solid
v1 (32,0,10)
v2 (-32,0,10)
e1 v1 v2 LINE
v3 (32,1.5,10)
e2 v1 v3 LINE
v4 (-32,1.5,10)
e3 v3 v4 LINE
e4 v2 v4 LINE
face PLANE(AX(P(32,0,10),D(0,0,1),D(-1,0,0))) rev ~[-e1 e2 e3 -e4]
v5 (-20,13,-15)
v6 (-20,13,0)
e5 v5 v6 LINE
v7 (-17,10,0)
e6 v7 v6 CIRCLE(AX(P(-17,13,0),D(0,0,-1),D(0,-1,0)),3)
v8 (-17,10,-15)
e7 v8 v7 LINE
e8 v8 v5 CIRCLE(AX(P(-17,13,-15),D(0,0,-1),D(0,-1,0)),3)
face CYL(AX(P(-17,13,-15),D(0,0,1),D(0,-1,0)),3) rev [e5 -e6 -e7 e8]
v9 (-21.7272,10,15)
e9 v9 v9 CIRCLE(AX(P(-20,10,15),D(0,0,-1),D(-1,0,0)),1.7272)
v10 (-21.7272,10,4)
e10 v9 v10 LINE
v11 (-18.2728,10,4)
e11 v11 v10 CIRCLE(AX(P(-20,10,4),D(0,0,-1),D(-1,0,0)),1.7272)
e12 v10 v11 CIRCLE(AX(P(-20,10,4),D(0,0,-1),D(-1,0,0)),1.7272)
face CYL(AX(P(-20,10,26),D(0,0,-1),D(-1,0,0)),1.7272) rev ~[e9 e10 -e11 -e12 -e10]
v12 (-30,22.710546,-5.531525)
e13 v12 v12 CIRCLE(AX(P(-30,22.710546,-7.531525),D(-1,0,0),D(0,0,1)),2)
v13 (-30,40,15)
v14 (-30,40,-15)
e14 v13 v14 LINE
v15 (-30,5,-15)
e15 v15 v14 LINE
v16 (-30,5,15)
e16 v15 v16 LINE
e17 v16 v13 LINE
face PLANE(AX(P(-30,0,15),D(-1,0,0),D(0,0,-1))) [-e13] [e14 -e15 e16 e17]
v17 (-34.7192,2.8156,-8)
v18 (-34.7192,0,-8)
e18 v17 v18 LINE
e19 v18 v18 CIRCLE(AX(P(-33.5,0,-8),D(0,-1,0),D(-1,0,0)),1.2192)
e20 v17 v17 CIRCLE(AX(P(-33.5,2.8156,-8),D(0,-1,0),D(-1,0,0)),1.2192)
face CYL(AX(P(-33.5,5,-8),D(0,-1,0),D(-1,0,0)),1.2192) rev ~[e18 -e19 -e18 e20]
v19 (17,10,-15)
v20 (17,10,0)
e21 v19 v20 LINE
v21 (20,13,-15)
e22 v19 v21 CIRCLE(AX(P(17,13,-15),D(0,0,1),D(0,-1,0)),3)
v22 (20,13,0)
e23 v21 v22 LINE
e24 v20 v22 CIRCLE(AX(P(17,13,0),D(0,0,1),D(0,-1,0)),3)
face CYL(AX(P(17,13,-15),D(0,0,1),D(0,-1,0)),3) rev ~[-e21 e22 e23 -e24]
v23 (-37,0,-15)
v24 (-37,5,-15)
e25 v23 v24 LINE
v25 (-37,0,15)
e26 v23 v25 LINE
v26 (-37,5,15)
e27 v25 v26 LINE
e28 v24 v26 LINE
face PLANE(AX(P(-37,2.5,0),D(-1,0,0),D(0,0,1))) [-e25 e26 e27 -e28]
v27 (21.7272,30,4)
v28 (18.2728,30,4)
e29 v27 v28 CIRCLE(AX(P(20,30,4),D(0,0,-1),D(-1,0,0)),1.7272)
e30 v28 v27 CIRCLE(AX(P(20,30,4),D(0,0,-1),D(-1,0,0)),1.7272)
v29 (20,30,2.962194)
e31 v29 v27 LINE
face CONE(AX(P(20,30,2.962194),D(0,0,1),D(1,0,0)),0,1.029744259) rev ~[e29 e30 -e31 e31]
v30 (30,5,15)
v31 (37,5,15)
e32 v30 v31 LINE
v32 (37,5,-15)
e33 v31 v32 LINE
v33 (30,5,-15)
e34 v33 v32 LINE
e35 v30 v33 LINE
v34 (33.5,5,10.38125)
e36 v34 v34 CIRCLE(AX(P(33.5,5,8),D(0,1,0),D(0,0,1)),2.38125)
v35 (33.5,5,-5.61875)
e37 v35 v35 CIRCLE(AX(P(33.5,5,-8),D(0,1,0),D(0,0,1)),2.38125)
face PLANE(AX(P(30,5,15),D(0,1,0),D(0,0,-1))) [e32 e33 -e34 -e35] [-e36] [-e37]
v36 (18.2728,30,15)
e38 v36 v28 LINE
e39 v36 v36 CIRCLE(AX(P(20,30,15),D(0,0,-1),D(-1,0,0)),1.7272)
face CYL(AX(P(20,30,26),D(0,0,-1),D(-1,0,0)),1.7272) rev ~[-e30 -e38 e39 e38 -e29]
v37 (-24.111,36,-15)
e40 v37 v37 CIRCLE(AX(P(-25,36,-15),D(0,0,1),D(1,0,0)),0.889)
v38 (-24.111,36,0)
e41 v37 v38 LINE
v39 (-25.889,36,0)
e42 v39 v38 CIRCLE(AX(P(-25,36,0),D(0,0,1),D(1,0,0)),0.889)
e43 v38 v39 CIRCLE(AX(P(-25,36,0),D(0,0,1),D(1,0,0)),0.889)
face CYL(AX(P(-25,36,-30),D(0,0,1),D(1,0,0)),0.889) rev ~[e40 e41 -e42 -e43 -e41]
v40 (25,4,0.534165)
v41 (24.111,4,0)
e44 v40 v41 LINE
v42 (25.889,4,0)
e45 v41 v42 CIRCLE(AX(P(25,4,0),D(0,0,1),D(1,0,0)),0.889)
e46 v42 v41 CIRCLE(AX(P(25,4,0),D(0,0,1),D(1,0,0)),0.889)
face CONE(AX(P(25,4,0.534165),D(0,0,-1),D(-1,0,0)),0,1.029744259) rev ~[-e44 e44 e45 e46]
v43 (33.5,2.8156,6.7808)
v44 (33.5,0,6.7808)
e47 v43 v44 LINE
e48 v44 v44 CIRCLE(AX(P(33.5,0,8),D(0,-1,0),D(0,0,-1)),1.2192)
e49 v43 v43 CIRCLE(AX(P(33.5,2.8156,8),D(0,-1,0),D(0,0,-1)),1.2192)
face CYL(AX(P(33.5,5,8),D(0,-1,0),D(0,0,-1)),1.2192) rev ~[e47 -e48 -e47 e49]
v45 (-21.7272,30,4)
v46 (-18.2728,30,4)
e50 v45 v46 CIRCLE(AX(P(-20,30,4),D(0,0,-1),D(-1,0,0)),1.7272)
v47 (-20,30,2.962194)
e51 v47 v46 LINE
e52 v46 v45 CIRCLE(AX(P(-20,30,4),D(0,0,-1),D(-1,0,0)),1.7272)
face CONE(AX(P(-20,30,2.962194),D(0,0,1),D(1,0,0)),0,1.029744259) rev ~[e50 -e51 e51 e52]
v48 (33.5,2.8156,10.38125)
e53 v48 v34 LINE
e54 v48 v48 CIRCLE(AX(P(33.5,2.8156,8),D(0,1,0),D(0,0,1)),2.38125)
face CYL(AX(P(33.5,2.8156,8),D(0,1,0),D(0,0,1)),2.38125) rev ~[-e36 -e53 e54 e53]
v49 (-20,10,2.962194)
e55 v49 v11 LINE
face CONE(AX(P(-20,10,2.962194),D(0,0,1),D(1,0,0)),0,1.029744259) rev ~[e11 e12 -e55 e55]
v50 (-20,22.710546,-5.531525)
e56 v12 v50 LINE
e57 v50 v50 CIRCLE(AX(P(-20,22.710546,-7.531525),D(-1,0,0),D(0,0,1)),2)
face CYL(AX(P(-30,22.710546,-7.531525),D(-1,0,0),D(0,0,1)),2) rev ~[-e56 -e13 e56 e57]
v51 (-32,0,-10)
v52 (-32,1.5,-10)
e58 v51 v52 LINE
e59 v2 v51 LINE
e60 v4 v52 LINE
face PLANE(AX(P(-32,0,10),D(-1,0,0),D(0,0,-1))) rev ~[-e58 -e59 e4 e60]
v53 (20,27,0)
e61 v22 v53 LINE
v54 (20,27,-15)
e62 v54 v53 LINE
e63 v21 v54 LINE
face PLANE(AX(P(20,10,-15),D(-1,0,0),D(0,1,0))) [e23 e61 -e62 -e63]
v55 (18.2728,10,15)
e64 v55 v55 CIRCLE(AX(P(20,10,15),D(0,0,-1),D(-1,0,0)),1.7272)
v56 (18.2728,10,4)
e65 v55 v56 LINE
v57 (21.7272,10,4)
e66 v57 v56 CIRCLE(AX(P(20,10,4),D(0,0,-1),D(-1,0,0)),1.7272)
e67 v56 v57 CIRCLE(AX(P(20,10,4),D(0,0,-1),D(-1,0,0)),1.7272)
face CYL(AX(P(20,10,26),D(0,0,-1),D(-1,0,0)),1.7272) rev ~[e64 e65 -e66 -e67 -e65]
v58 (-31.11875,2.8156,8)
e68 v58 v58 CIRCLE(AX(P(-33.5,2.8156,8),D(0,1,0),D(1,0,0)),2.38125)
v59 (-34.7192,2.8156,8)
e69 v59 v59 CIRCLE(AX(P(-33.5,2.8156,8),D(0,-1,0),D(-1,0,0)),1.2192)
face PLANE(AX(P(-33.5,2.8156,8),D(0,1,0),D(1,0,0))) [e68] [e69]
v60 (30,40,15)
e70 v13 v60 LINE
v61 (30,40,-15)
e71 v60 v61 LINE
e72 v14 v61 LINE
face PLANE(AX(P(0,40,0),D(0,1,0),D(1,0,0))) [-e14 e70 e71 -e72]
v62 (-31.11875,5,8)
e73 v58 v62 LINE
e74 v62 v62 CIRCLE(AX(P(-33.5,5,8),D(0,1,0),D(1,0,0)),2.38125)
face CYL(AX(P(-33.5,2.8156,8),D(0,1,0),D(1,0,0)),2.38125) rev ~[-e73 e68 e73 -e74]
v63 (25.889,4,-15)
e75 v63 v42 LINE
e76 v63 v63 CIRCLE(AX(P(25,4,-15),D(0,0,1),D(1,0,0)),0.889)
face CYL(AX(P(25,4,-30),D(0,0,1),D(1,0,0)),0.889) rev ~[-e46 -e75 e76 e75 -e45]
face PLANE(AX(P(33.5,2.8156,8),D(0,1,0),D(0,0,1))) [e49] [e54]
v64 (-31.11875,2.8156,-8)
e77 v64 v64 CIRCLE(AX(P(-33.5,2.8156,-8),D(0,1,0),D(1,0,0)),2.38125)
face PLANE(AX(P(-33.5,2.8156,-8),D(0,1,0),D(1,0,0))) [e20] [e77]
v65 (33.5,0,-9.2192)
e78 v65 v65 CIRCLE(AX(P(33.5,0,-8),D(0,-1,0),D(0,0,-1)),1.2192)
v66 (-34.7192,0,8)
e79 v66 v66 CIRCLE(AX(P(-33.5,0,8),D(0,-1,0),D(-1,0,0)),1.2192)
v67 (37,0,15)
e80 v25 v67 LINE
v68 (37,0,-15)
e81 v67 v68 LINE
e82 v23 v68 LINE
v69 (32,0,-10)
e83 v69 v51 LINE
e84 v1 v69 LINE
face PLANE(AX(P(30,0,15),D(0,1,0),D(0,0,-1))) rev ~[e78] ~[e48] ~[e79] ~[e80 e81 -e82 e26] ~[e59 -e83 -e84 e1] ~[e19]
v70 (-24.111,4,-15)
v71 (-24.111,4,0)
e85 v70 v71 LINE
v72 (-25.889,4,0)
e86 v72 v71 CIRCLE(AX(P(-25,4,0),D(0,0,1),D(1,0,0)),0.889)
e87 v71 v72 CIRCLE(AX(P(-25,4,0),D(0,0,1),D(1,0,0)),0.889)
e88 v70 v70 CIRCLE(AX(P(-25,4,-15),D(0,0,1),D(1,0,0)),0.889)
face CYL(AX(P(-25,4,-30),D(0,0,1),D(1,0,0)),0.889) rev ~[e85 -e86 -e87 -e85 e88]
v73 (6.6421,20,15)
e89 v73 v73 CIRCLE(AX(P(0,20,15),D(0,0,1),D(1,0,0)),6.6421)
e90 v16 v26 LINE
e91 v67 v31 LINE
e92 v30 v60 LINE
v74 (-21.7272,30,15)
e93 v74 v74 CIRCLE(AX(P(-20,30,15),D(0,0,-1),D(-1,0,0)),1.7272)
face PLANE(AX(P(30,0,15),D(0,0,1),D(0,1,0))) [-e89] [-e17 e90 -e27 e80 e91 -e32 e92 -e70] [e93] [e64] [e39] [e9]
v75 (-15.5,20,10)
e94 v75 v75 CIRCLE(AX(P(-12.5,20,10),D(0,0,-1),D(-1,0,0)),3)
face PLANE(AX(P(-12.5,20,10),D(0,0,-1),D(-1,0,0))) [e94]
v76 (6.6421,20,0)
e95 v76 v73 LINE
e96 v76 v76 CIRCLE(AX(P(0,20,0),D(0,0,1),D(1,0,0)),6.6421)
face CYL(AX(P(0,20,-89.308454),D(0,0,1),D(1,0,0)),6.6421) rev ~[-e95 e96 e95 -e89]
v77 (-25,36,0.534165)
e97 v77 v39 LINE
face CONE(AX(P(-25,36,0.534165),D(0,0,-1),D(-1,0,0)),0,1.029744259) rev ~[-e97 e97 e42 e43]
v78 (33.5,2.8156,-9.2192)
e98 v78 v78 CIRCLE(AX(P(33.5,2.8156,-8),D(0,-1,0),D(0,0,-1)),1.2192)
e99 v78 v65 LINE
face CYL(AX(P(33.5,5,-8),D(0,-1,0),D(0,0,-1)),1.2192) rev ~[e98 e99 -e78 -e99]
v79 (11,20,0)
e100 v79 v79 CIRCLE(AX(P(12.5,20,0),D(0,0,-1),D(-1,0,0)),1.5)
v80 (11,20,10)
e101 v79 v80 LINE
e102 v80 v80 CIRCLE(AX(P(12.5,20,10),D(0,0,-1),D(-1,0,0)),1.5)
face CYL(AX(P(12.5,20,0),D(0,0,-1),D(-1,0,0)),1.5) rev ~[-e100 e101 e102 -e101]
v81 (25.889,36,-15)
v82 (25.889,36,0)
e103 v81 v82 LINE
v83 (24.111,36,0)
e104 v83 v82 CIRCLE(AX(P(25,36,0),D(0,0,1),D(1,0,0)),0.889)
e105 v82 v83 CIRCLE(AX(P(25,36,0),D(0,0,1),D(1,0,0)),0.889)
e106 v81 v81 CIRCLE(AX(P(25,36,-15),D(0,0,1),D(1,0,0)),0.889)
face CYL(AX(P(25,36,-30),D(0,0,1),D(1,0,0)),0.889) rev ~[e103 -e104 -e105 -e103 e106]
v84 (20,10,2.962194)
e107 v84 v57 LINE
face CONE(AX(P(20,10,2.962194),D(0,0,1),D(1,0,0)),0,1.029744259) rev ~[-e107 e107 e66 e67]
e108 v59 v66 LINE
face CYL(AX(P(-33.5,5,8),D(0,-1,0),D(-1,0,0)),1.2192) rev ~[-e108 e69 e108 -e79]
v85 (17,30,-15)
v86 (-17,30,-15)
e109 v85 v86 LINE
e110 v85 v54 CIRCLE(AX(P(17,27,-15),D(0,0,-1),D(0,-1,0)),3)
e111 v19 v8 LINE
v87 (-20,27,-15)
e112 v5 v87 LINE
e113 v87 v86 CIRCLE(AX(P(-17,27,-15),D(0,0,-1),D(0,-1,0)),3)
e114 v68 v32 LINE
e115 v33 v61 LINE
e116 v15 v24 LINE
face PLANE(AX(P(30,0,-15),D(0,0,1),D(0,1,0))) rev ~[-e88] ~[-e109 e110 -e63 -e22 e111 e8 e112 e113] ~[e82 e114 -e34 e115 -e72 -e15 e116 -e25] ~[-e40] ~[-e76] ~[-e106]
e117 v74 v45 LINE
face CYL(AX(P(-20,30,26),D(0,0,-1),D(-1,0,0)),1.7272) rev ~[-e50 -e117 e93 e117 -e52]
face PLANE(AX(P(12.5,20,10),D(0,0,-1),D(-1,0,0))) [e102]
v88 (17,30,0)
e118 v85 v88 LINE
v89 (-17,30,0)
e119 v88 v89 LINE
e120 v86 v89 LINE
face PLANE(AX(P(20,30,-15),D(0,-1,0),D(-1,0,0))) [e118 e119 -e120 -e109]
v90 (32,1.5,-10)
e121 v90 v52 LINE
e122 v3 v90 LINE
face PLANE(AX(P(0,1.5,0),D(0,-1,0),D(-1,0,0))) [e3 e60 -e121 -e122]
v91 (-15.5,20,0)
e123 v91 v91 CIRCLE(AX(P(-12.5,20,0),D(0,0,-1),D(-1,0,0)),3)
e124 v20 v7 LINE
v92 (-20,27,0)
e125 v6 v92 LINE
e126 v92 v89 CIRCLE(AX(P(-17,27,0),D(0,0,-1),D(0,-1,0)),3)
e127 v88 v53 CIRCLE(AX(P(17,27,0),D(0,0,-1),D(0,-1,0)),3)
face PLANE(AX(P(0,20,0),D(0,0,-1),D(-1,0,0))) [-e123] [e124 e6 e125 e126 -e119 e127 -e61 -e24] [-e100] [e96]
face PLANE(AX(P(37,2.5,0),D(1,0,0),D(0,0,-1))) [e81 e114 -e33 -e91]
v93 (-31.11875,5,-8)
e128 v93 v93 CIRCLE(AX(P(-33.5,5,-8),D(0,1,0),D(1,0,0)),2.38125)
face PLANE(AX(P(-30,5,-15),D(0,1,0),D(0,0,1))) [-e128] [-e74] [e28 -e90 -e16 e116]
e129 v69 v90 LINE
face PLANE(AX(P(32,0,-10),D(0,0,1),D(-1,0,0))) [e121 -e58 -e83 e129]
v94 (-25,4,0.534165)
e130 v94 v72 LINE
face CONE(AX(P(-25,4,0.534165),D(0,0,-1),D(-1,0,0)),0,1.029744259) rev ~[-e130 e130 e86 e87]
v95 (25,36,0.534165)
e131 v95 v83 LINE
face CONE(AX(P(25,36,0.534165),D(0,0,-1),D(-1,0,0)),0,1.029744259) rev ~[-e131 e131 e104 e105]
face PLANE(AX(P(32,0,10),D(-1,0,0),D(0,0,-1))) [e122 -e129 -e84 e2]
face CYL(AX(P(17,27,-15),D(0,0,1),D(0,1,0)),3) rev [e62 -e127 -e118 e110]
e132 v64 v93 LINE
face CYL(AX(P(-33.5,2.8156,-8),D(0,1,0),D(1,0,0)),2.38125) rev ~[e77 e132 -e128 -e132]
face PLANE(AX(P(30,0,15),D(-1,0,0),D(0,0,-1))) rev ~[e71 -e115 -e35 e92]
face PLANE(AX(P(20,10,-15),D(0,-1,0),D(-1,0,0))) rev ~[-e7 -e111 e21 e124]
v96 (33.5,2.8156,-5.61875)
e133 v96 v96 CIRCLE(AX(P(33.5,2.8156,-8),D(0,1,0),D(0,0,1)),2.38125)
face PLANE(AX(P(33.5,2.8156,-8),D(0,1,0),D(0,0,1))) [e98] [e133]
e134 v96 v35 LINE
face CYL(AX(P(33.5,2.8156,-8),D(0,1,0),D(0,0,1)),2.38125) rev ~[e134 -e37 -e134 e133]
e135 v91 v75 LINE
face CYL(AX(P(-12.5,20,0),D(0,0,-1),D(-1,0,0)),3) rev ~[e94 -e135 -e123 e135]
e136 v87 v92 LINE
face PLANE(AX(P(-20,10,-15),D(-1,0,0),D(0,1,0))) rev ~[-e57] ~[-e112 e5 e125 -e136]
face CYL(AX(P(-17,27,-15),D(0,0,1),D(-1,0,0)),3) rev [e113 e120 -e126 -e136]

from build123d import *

# Parameters (mm, degrees)
SKETCH5_W                                      = 60
SKETCH5_H                                      = 30
BOSS_EXTRUDE3_DEPTH                            = 40
SKETCH7_W                                      = 40
SKETCH7_H                                      = 20
CUT_EXTRUDE1_DEPTH                             = 15
FILLET1_R                                      = 3
FILLET2_R                                      = 3
FILLET3_R                                      = 3
FILLET4_R                                      = 3
SKETCH9_W                                      = 30
SKETCH9_H                                      = 5
BOSS_EXTRUDE4_DEPTH                            = 7
SKETCH10_W                                     = 30
SKETCH10_H                                     = 5
BOSS_EXTRUDE5_DEPTH                            = 7
SKETCH12_R                                     = 2
CUT_EXTRUDE2_DEPTH                             = 10
SKETCH13_W                                     = 64
SKETCH13_H                                     = 20
CUT_EXTRUDE3_DEPTH                             = 1.5
F_2_56_TAPPED_HOLE2_D                          = 1.778
F_2_56_TAPPED_HOLE2_DEPTH                      = 15
F_2_56_TAPPED_HOLE2_TIP                        = 0.53416509
F_2_56_TAPPED_HOLE3_D                          = 1.778
F_2_56_TAPPED_HOLE3_DEPTH                      = 15
F_2_56_TAPPED_HOLE3_TIP                        = 0.53416509
CBORE_FOR_2_SOCKET_HEAD_CAP_SCREW3_D           = 2.4384
CBORE_FOR_2_SOCKET_HEAD_CAP_SCREW3_DEPTH       = 15
CBORE_FOR_2_SOCKET_HEAD_CAP_SCREW3_CBORE_D     = 4.7625
CBORE_FOR_2_SOCKET_HEAD_CAP_SCREW3_CBORE_DEPTH = 2.1844
CBORE_FOR_2_SOCKET_HEAD_CAP_SCREW3_TIP         = 0.732569267
F_8_32_TAPPED_HOLE1_D                          = 3.4544
F_8_32_TAPPED_HOLE1_DEPTH                      = 11
F_8_32_TAPPED_HOLE1_TIP                        = 1.037806461
F_0_535_40_TAPPED_HOLE1_D                      = 13.2842
SKETCH30_R                                     = 1.5
SKETCH30_R_2                                   = 3
CUT_EXTRUDE5_DEPTH                             = 10
CBORE_FOR_2_SOCKET_HEAD_CAP_SCREW4_D           = 2.4384
CBORE_FOR_2_SOCKET_HEAD_CAP_SCREW4_CBORE_D     = 4.7625
CBORE_FOR_2_SOCKET_HEAD_CAP_SCREW4_CBORE_DEPTH = 2.1844


with BuildPart() as part:
    # Sketch5 → Boss-Extrude3 (new body)
    with BuildSketch(Plane(origin=(0, 0, 0), x_dir=(1, 0, 0), z_dir=(0, 1, 0))):
        Rectangle(SKETCH5_W, SKETCH5_H)
    extrude(amount=BOSS_EXTRUDE3_DEPTH)

    # Sketch7 → Cut-Extrude1 (cut)
    with BuildSketch(Plane(origin=(0, 0, -15), x_dir=(-1, 0, 0), z_dir=(0, 0, -1))):
        with Locations((0, 20)):
            Rectangle(SKETCH7_W, SKETCH7_H)
    extrude(amount=-CUT_EXTRUDE1_DEPTH, mode=Mode.SUBTRACT)

    # Fillet1
    fillet1_edges = [part.edges().sort_by_distance(p)[0] for p in [
        (20, 10, -7.5),
    ]]
    fillet(fillet1_edges, radius=FILLET1_R)

    # Fillet2
    fillet2_edges = [part.edges().sort_by_distance(p)[0] for p in [
        (-20, 10, -7.5),
    ]]
    fillet(fillet2_edges, radius=FILLET2_R)

    # Fillet3
    fillet3_edges = [part.edges().sort_by_distance(p)[0] for p in [
        (-20, 30, -7.5),
    ]]
    fillet(fillet3_edges, radius=FILLET3_R)

    # Fillet4
    fillet4_edges = [part.edges().sort_by_distance(p)[0] for p in [
        (20, 30, -7.5),
    ]]
    fillet(fillet4_edges, radius=FILLET4_R)

    # Sketch9 → Boss-Extrude4 (add)
    with BuildSketch(Plane.ZY.offset(30)):
        with Locations((0, 2.5)):
            Rectangle(SKETCH9_W, SKETCH9_H)
    extrude(amount=BOSS_EXTRUDE4_DEPTH)

    # Sketch10 → Boss-Extrude5 (add)
    with BuildSketch(Plane(origin=(30, 0, 0), x_dir=(0, 0, -1), z_dir=(1, 0, 0))):
        with Locations((0, 2.5)):
            Rectangle(SKETCH10_W, SKETCH10_H)
    extrude(amount=BOSS_EXTRUDE5_DEPTH)

    # Sketch12 → Cut-Extrude2 (cut)
    with BuildSketch(Plane.ZY.offset(30)):
        with Locations((-7.531524718, 22.710545663)):
            Circle(SKETCH12_R)
    extrude(amount=-CUT_EXTRUDE2_DEPTH, mode=Mode.SUBTRACT)

    # Sketch13 → Cut-Extrude3 (cut)
    with BuildSketch(Plane(origin=(0, 0, 0), x_dir=(-1, 0, 0), z_dir=(0, -1, 0))):
        Rectangle(SKETCH13_W, SKETCH13_H)
    extrude(amount=-CUT_EXTRUDE3_DEPTH, mode=Mode.SUBTRACT)

    # #2-56 Tapped Hole2
    with Locations(Plane(origin=(25, 36, -15), x_dir=(-1, 0, 0), z_dir=(0, 0, -1))):
        with Locations((0, 0), (0, -32), (50, -32)):
            Hole(F_2_56_TAPPED_HOLE2_D / 2, depth=F_2_56_TAPPED_HOLE2_DEPTH)
            with Locations((0, 0, -(F_2_56_TAPPED_HOLE2_DEPTH + F_2_56_TAPPED_HOLE2_TIP / 2))):  # 118° drill point
                Cone(0, F_2_56_TAPPED_HOLE2_D / 2, F_2_56_TAPPED_HOLE2_TIP, mode=Mode.SUBTRACT)

    # #2-56 Tapped Hole3
    with Locations(Plane(origin=(-25, 36, -15), x_dir=(-1, 0, 0), z_dir=(0, 0, -1))):
        with Locations((0, 0)):
            Hole(F_2_56_TAPPED_HOLE3_D / 2, depth=F_2_56_TAPPED_HOLE3_DEPTH)
            with Locations((0, 0, -(F_2_56_TAPPED_HOLE3_DEPTH + F_2_56_TAPPED_HOLE3_TIP / 2))):  # 118° drill point
                Cone(0, F_2_56_TAPPED_HOLE3_D / 2, F_2_56_TAPPED_HOLE3_TIP, mode=Mode.SUBTRACT)

    # CBORE for #2 Socket Head Cap Screw3
    with Locations(Plane(origin=(0, 5, 0), x_dir=(1, 0, 0), z_dir=(0, 1, 0))):
        with Locations((-33.5, 8), (-33.5, -8)):
            CounterBoreHole(CBORE_FOR_2_SOCKET_HEAD_CAP_SCREW3_D / 2, CBORE_FOR_2_SOCKET_HEAD_CAP_SCREW3_CBORE_D / 2, CBORE_FOR_2_SOCKET_HEAD_CAP_SCREW3_CBORE_DEPTH, depth=CBORE_FOR_2_SOCKET_HEAD_CAP_SCREW3_DEPTH)
            with Locations((0, 0, -(CBORE_FOR_2_SOCKET_HEAD_CAP_SCREW3_DEPTH + CBORE_FOR_2_SOCKET_HEAD_CAP_SCREW3_TIP / 2))):  # 118° drill point
                Cone(0, CBORE_FOR_2_SOCKET_HEAD_CAP_SCREW3_D / 2, CBORE_FOR_2_SOCKET_HEAD_CAP_SCREW3_TIP, mode=Mode.SUBTRACT)

    # #8-32 Tapped Hole1
    with Locations(Plane.XY.offset(15)):
        with Locations((-20, 30), (-20, 10), (20, 10), (20, 30)):
            Hole(F_8_32_TAPPED_HOLE1_D / 2, depth=F_8_32_TAPPED_HOLE1_DEPTH)
            with Locations((0, 0, -(F_8_32_TAPPED_HOLE1_DEPTH + F_8_32_TAPPED_HOLE1_TIP / 2))):  # 118° drill point
                Cone(0, F_8_32_TAPPED_HOLE1_D / 2, F_8_32_TAPPED_HOLE1_TIP, mode=Mode.SUBTRACT)

    # 0.535-40 Tapped Hole1 (through all)
    with Locations(Plane(origin=(0, 20, 0), x_dir=(-1, 0, 0), z_dir=(0, 0, -1))):
        with Locations((0, 0)):
            Hole(F_0_535_40_TAPPED_HOLE1_D / 2)

    # Sketch30 → Cut-Extrude5 (cut)
    with BuildSketch(Plane(origin=(0, 0, 0), x_dir=(-1, 0, 0), z_dir=(0, 0, -1))):
        with Locations((-12.5, 20)):
            Circle(SKETCH30_R)
        with Locations((12.5, 20)):
            Circle(SKETCH30_R_2)
    extrude(amount=-CUT_EXTRUDE5_DEPTH, mode=Mode.SUBTRACT)

    # CBORE for #2 Socket Head Cap Screw4 (through all)
    with Locations(Plane(origin=(33.5, 5, 8), x_dir=(0, 0, 1), z_dir=(0, 1, 0))):
        with Locations((0, 0), (-16, 0)):
            CounterBoreHole(CBORE_FOR_2_SOCKET_HEAD_CAP_SCREW4_D / 2, CBORE_FOR_2_SOCKET_HEAD_CAP_SCREW4_CBORE_D / 2, CBORE_FOR_2_SOCKET_HEAD_CAP_SCREW4_CBORE_DEPTH)


solid = part.part
